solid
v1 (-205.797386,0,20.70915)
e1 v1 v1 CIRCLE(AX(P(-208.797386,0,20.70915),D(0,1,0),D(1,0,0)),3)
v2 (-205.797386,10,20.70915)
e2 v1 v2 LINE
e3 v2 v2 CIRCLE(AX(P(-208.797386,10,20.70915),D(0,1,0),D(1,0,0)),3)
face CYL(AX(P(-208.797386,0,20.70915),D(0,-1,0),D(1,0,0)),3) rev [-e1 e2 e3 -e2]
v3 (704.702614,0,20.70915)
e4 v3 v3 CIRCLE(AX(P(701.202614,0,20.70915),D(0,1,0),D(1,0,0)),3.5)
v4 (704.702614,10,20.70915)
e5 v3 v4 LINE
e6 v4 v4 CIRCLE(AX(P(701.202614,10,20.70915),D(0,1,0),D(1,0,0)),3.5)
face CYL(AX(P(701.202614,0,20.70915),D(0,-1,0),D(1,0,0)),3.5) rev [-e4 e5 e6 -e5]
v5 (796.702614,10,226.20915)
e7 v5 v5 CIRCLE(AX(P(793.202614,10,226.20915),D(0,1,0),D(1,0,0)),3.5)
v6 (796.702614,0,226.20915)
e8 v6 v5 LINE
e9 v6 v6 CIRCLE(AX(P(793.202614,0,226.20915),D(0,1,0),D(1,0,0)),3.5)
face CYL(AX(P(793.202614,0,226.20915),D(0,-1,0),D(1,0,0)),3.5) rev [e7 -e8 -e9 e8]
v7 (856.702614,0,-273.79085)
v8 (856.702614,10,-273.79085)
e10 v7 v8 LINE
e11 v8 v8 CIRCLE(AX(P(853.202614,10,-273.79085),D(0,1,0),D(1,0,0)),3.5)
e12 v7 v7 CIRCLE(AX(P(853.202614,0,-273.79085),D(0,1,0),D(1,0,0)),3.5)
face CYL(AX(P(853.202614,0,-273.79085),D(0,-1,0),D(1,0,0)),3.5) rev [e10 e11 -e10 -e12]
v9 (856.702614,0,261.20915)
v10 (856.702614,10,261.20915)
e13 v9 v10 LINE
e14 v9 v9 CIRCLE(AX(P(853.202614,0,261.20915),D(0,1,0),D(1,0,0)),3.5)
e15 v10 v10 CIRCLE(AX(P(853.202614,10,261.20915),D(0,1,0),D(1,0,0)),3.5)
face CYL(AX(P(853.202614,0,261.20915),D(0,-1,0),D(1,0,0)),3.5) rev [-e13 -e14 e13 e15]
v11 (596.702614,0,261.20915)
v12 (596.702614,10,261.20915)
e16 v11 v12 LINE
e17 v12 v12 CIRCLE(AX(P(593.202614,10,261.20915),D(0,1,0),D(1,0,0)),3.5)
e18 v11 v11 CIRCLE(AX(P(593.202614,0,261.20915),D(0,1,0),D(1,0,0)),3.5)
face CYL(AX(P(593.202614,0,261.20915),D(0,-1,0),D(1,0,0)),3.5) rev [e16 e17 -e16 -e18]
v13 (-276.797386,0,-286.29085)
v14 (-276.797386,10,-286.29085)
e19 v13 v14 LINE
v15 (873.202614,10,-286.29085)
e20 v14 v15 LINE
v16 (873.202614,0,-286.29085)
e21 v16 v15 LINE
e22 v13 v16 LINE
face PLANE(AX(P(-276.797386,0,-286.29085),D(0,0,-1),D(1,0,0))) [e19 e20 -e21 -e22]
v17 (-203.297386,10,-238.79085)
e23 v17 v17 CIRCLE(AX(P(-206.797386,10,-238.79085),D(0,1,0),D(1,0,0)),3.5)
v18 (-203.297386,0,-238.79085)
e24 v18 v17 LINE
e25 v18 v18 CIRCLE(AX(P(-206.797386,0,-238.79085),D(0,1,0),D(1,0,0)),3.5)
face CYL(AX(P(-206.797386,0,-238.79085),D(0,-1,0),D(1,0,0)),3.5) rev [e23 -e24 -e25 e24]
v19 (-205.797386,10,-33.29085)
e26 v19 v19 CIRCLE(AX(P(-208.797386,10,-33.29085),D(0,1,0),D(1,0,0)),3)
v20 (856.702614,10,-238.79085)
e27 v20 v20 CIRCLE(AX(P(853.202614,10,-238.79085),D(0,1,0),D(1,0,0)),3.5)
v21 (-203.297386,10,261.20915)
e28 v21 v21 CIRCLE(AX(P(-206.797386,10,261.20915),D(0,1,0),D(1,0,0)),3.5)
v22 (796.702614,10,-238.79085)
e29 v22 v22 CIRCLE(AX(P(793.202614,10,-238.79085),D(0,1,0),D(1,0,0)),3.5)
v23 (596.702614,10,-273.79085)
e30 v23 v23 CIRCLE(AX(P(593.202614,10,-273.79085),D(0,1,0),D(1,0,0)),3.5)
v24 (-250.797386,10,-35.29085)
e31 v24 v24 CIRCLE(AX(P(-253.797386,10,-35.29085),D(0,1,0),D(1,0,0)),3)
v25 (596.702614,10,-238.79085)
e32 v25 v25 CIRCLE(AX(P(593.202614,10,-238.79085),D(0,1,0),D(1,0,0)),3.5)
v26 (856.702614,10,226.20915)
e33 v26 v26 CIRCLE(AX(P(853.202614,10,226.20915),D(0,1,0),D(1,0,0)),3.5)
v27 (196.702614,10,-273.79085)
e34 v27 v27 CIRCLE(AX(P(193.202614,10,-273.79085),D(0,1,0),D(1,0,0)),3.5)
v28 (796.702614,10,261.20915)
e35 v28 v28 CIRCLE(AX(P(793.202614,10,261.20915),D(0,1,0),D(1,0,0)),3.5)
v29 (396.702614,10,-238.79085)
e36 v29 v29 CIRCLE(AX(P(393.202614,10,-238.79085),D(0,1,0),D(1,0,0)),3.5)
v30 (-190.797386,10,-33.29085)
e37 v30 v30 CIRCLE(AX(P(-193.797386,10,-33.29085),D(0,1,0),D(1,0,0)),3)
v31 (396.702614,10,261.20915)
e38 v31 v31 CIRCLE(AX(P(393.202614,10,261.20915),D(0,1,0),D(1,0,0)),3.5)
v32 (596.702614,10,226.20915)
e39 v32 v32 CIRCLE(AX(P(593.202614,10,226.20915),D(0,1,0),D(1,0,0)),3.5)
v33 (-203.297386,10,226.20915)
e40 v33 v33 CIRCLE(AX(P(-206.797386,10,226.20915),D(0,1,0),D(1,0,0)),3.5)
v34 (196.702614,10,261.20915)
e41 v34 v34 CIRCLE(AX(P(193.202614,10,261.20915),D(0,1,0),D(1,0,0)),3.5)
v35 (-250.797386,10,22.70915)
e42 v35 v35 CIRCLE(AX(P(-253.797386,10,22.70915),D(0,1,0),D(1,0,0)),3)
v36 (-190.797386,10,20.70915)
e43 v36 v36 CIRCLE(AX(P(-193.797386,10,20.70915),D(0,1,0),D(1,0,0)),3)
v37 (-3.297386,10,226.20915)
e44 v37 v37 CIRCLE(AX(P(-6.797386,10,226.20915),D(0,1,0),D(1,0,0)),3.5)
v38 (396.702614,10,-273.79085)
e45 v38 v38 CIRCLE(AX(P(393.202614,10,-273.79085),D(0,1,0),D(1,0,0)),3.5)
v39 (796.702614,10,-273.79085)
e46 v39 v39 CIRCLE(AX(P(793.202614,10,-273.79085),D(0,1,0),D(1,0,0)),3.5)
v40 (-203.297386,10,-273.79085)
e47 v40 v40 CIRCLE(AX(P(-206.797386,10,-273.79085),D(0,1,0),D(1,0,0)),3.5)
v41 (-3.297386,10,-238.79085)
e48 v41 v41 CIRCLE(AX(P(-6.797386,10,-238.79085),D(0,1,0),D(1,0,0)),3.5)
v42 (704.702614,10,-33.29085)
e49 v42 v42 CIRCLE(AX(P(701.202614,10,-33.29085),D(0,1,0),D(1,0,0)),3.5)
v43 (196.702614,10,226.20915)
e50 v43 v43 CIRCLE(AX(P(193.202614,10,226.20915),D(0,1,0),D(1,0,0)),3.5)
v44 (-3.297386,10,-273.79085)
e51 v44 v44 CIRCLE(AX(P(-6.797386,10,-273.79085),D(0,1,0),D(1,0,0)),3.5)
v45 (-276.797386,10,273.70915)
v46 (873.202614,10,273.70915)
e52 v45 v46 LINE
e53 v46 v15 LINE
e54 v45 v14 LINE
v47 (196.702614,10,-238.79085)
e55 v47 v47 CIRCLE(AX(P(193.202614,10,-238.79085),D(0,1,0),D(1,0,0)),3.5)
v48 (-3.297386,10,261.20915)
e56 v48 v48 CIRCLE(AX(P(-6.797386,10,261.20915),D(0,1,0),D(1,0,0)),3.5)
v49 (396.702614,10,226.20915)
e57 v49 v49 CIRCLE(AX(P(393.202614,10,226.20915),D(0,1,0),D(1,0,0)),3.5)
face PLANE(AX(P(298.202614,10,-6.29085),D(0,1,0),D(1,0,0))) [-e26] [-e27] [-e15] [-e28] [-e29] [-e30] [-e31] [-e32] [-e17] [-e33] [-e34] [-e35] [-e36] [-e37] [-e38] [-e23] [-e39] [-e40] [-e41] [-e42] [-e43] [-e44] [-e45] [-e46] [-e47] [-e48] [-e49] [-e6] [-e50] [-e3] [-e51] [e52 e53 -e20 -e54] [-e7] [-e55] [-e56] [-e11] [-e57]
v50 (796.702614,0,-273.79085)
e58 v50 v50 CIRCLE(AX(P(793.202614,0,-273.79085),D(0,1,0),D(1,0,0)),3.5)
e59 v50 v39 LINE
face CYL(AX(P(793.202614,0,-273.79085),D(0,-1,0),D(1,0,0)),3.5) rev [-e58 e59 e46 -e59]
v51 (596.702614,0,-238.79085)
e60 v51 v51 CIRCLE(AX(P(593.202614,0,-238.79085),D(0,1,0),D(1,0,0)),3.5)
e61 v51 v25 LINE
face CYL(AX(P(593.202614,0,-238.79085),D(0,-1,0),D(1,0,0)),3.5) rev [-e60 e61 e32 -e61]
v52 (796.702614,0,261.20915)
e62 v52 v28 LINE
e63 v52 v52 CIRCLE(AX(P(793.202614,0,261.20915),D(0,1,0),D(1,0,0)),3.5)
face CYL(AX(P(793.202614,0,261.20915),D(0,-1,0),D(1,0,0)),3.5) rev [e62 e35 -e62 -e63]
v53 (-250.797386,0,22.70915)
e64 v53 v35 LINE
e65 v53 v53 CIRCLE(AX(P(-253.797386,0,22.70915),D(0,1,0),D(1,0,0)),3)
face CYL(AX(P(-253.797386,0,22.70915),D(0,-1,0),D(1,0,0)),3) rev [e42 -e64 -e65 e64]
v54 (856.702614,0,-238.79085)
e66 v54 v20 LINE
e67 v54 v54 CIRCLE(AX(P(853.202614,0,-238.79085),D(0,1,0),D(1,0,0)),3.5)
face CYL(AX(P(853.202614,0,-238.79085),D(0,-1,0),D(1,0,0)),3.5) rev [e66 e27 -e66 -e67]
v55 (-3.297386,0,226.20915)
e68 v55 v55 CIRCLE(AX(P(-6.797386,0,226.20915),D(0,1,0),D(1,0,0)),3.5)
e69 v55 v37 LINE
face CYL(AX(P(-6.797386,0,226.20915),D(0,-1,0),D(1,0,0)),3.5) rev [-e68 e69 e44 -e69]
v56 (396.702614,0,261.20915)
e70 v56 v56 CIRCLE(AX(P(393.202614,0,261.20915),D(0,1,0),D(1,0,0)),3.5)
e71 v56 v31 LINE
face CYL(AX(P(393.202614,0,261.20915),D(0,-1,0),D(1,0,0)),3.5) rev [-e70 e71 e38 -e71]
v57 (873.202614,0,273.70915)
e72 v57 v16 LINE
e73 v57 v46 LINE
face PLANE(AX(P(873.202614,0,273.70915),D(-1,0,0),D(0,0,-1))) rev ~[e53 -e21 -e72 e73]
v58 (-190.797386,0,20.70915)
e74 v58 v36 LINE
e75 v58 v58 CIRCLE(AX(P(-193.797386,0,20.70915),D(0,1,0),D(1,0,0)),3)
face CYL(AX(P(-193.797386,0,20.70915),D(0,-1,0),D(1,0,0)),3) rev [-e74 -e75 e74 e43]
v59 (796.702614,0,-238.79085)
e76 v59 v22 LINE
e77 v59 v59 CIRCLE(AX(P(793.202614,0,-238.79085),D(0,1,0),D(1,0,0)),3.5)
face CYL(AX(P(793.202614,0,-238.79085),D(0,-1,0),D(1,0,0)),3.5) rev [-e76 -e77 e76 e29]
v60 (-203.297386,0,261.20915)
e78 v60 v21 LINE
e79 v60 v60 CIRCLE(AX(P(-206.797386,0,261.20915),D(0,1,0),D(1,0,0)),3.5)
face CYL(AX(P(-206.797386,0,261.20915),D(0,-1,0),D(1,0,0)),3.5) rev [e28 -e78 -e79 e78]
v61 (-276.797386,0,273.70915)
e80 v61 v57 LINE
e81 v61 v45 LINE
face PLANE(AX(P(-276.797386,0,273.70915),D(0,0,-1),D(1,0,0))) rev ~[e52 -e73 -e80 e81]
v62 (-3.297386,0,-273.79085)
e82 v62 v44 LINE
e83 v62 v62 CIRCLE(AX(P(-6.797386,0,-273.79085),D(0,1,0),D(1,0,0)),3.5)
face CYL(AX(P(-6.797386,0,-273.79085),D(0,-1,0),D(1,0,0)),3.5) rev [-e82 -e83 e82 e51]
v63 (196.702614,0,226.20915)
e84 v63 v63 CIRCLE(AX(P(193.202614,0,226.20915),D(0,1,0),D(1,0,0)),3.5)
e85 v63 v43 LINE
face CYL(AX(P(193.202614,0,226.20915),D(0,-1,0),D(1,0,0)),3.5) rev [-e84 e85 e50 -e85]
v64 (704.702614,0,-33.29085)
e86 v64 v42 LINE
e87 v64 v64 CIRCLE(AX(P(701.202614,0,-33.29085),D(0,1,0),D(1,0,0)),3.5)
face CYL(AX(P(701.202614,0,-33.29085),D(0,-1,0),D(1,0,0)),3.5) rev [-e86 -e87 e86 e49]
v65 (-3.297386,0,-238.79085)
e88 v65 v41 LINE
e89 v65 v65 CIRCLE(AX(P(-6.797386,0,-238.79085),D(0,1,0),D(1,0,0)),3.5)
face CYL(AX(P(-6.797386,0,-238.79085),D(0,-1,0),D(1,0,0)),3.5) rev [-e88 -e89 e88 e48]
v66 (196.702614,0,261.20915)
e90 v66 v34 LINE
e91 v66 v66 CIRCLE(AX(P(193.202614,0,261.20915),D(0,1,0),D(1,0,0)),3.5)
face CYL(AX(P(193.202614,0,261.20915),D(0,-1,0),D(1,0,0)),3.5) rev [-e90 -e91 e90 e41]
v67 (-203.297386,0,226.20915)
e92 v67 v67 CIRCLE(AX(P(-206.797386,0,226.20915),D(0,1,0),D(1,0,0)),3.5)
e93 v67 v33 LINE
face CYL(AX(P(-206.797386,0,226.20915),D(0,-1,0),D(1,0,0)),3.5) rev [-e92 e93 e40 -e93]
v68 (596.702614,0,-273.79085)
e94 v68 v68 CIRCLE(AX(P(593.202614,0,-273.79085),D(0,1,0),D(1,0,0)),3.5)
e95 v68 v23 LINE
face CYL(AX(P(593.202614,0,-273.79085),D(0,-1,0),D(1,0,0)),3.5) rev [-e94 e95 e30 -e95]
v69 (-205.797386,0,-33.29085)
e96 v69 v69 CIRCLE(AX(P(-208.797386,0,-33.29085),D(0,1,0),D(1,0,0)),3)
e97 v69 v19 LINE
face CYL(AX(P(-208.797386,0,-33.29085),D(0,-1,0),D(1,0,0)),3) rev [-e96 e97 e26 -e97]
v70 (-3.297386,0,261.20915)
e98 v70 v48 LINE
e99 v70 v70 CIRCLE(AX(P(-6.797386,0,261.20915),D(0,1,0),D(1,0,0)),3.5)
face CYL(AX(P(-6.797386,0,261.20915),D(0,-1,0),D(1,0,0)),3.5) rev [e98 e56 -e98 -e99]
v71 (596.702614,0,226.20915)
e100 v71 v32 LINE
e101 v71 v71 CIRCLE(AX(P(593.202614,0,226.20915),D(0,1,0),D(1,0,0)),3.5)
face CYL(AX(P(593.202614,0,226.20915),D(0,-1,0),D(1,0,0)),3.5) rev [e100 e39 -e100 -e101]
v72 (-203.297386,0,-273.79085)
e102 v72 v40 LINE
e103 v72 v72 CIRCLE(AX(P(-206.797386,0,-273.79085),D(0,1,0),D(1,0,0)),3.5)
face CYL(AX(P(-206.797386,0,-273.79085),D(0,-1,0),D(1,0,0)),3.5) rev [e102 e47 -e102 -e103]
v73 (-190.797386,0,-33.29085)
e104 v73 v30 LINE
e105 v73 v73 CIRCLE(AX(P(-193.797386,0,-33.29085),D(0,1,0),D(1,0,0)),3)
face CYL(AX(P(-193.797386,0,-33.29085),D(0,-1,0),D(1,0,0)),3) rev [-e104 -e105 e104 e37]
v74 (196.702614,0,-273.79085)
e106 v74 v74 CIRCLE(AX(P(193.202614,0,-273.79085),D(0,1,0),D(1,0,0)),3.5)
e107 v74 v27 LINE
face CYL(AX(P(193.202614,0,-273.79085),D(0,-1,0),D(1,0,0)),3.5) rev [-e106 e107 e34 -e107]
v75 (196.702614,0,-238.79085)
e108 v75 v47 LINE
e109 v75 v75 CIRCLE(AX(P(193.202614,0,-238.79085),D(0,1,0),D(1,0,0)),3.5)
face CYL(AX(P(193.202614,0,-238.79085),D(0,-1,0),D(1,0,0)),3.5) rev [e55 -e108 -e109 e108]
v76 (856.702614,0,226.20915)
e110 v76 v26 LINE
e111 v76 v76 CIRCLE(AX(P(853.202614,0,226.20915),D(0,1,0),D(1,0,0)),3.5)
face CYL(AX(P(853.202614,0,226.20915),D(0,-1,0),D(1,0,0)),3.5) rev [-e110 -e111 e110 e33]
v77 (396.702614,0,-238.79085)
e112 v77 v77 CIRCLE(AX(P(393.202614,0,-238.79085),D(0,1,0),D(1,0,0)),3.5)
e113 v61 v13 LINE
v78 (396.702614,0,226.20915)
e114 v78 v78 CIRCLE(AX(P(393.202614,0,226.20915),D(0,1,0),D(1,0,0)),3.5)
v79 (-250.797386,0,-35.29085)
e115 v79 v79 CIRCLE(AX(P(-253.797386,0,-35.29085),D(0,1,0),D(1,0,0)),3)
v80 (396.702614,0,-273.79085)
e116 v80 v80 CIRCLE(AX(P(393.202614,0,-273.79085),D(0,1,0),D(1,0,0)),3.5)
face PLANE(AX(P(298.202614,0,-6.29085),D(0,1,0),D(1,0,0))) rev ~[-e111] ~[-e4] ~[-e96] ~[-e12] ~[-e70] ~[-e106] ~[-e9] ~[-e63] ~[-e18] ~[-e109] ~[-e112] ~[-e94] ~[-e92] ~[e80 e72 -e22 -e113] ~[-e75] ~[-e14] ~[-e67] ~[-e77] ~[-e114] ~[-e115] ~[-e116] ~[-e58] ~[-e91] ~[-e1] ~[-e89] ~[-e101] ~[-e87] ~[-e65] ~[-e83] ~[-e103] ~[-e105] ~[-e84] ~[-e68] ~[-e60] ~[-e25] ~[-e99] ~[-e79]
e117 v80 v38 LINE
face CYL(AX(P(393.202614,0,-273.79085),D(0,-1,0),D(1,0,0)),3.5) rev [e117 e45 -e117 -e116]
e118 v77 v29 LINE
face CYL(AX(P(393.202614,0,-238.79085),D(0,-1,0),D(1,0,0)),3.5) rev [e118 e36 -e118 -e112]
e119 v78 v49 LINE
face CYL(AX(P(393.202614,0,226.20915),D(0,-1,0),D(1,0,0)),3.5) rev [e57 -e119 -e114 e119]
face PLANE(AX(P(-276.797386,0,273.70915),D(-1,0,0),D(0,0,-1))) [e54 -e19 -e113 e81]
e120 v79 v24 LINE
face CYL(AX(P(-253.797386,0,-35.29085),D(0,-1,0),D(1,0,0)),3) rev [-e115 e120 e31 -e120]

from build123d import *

# Parameters (mm, degrees)
SKETCH_1_W      = 1150
SKETCH_1_H      = 560
SKETCH_1_R      = 3
SKETCH_1_R_2    = 3.5
EXTRUDE_1_DEPTH = 10


with BuildPart() as part:
    # Эскиз1 → Бобышка-Вытянуть1 (new body)
    with BuildSketch(Plane(origin=(0, 0, 0), x_dir=(1, 0, 0), z_dir=(0, 1, 0))):
        with Locations((298.202614379, 6.290849673)):
            Rectangle(SKETCH_1_W, SKETCH_1_H)
        with Locations((-253.797385621, 35.290849673)):
            Circle(SKETCH_1_R, mode=Mode.SUBTRACT)
        with Locations((-208.797385621, 33.290849673)):
            Circle(SKETCH_1_R, mode=Mode.SUBTRACT)
        with Locations((-193.797385621, 33.290849673)):
            Circle(SKETCH_1_R, mode=Mode.SUBTRACT)
        with Locations((-206.797385621, 273.790849673)):
            Circle(SKETCH_1_R_2, mode=Mode.SUBTRACT)
        with Locations((-6.797385621, 273.790849673)):
            Circle(SKETCH_1_R_2, mode=Mode.SUBTRACT)
        with Locations((193.202614379, 273.790849673)):
            Circle(SKETCH_1_R_2, mode=Mode.SUBTRACT)
        with Locations((393.202614379, 273.790849673)):
            Circle(SKETCH_1_R_2, mode=Mode.SUBTRACT)
        with Locations((593.202614379, 273.790849673)):
            Circle(SKETCH_1_R_2, mode=Mode.SUBTRACT)
        with Locations((593.202614379, 238.790849673)):
            Circle(SKETCH_1_R_2, mode=Mode.SUBTRACT)
        with Locations((393.202614379, 238.790849673)):
            Circle(SKETCH_1_R_2, mode=Mode.SUBTRACT)
        with Locations((193.202614379, 238.790849673)):
            Circle(SKETCH_1_R_2, mode=Mode.SUBTRACT)
        with Locations((-6.797385621, 238.790849673)):
            Circle(SKETCH_1_R_2, mode=Mode.SUBTRACT)
        with Locations((-206.797385621, 238.790849673)):
            Circle(SKETCH_1_R_2, mode=Mode.SUBTRACT)
        with Locations((593.202614379, -226.209150327)):
            Circle(SKETCH_1_R_2, mode=Mode.SUBTRACT)
        with Locations((593.202614379, -261.209150327)):
            Circle(SKETCH_1_R_2, mode=Mode.SUBTRACT)
        with Locations((393.202614379, -226.209150327)):
            Circle(SKETCH_1_R_2, mode=Mode.SUBTRACT)
        with Locations((393.202614379, -261.209150327)):
            Circle(SKETCH_1_R_2, mode=Mode.SUBTRACT)
        with Locations((193.202614379, -226.209150327)):
            Circle(SKETCH_1_R_2, mode=Mode.SUBTRACT)
        with Locations((193.202614379, -261.209150327)):
            Circle(SKETCH_1_R_2, mode=Mode.SUBTRACT)
        with Locations((-6.797385621, -226.209150327)):
            Circle(SKETCH_1_R_2, mode=Mode.SUBTRACT)
        with Locations((-6.797385621, -261.209150327)):
            Circle(SKETCH_1_R_2, mode=Mode.SUBTRACT)
        with Locations((-206.797385621, -226.209150327)):
            Circle(SKETCH_1_R_2, mode=Mode.SUBTRACT)
        with Locations((-206.797385621, -261.209150327)):
            Circle(SKETCH_1_R_2, mode=Mode.SUBTRACT)
        with Locations((701.202614379, 33.290849673)):
            Circle(SKETCH_1_R_2, mode=Mode.SUBTRACT)
        with Locations((701.202614379, -20.709150327)):
            Circle(SKETCH_1_R_2, mode=Mode.SUBTRACT)
        with Locations((-193.797385621, -20.709150327)):
            Circle(SKETCH_1_R, mode=Mode.SUBTRACT)
        with Locations((-208.797385621, -20.709150327)):
            Circle(SKETCH_1_R, mode=Mode.SUBTRACT)
        with Locations((-253.797385621, -22.709150327)):
            Circle(SKETCH_1_R, mode=Mode.SUBTRACT)
        with Locations((793.202614379, 273.790849673)):
            Circle(SKETCH_1_R_2, mode=Mode.SUBTRACT)
        with Locations((793.202614379, 238.790849673)):
            Circle(SKETCH_1_R_2, mode=Mode.SUBTRACT)
        with Locations((793.202614379, -226.209150327)):
            Circle(SKETCH_1_R_2, mode=Mode.SUBTRACT)
        with Locations((793.202614379, -261.209150327)):
            Circle(SKETCH_1_R_2, mode=Mode.SUBTRACT)
        with Locations((853.202614379, 273.790849673)):
            Circle(SKETCH_1_R_2, mode=Mode.SUBTRACT)
        with Locations((853.202614379, 238.790849673)):
            Circle(SKETCH_1_R_2, mode=Mode.SUBTRACT)
        with Locations((853.202614379, -226.209150327)):
            Circle(SKETCH_1_R_2, mode=Mode.SUBTRACT)
        with Locations((853.202614379, -261.209150327)):
            Circle(SKETCH_1_R_2, mode=Mode.SUBTRACT)
    extrude(amount=EXTRUDE_1_DEPTH)


solid = part.part
